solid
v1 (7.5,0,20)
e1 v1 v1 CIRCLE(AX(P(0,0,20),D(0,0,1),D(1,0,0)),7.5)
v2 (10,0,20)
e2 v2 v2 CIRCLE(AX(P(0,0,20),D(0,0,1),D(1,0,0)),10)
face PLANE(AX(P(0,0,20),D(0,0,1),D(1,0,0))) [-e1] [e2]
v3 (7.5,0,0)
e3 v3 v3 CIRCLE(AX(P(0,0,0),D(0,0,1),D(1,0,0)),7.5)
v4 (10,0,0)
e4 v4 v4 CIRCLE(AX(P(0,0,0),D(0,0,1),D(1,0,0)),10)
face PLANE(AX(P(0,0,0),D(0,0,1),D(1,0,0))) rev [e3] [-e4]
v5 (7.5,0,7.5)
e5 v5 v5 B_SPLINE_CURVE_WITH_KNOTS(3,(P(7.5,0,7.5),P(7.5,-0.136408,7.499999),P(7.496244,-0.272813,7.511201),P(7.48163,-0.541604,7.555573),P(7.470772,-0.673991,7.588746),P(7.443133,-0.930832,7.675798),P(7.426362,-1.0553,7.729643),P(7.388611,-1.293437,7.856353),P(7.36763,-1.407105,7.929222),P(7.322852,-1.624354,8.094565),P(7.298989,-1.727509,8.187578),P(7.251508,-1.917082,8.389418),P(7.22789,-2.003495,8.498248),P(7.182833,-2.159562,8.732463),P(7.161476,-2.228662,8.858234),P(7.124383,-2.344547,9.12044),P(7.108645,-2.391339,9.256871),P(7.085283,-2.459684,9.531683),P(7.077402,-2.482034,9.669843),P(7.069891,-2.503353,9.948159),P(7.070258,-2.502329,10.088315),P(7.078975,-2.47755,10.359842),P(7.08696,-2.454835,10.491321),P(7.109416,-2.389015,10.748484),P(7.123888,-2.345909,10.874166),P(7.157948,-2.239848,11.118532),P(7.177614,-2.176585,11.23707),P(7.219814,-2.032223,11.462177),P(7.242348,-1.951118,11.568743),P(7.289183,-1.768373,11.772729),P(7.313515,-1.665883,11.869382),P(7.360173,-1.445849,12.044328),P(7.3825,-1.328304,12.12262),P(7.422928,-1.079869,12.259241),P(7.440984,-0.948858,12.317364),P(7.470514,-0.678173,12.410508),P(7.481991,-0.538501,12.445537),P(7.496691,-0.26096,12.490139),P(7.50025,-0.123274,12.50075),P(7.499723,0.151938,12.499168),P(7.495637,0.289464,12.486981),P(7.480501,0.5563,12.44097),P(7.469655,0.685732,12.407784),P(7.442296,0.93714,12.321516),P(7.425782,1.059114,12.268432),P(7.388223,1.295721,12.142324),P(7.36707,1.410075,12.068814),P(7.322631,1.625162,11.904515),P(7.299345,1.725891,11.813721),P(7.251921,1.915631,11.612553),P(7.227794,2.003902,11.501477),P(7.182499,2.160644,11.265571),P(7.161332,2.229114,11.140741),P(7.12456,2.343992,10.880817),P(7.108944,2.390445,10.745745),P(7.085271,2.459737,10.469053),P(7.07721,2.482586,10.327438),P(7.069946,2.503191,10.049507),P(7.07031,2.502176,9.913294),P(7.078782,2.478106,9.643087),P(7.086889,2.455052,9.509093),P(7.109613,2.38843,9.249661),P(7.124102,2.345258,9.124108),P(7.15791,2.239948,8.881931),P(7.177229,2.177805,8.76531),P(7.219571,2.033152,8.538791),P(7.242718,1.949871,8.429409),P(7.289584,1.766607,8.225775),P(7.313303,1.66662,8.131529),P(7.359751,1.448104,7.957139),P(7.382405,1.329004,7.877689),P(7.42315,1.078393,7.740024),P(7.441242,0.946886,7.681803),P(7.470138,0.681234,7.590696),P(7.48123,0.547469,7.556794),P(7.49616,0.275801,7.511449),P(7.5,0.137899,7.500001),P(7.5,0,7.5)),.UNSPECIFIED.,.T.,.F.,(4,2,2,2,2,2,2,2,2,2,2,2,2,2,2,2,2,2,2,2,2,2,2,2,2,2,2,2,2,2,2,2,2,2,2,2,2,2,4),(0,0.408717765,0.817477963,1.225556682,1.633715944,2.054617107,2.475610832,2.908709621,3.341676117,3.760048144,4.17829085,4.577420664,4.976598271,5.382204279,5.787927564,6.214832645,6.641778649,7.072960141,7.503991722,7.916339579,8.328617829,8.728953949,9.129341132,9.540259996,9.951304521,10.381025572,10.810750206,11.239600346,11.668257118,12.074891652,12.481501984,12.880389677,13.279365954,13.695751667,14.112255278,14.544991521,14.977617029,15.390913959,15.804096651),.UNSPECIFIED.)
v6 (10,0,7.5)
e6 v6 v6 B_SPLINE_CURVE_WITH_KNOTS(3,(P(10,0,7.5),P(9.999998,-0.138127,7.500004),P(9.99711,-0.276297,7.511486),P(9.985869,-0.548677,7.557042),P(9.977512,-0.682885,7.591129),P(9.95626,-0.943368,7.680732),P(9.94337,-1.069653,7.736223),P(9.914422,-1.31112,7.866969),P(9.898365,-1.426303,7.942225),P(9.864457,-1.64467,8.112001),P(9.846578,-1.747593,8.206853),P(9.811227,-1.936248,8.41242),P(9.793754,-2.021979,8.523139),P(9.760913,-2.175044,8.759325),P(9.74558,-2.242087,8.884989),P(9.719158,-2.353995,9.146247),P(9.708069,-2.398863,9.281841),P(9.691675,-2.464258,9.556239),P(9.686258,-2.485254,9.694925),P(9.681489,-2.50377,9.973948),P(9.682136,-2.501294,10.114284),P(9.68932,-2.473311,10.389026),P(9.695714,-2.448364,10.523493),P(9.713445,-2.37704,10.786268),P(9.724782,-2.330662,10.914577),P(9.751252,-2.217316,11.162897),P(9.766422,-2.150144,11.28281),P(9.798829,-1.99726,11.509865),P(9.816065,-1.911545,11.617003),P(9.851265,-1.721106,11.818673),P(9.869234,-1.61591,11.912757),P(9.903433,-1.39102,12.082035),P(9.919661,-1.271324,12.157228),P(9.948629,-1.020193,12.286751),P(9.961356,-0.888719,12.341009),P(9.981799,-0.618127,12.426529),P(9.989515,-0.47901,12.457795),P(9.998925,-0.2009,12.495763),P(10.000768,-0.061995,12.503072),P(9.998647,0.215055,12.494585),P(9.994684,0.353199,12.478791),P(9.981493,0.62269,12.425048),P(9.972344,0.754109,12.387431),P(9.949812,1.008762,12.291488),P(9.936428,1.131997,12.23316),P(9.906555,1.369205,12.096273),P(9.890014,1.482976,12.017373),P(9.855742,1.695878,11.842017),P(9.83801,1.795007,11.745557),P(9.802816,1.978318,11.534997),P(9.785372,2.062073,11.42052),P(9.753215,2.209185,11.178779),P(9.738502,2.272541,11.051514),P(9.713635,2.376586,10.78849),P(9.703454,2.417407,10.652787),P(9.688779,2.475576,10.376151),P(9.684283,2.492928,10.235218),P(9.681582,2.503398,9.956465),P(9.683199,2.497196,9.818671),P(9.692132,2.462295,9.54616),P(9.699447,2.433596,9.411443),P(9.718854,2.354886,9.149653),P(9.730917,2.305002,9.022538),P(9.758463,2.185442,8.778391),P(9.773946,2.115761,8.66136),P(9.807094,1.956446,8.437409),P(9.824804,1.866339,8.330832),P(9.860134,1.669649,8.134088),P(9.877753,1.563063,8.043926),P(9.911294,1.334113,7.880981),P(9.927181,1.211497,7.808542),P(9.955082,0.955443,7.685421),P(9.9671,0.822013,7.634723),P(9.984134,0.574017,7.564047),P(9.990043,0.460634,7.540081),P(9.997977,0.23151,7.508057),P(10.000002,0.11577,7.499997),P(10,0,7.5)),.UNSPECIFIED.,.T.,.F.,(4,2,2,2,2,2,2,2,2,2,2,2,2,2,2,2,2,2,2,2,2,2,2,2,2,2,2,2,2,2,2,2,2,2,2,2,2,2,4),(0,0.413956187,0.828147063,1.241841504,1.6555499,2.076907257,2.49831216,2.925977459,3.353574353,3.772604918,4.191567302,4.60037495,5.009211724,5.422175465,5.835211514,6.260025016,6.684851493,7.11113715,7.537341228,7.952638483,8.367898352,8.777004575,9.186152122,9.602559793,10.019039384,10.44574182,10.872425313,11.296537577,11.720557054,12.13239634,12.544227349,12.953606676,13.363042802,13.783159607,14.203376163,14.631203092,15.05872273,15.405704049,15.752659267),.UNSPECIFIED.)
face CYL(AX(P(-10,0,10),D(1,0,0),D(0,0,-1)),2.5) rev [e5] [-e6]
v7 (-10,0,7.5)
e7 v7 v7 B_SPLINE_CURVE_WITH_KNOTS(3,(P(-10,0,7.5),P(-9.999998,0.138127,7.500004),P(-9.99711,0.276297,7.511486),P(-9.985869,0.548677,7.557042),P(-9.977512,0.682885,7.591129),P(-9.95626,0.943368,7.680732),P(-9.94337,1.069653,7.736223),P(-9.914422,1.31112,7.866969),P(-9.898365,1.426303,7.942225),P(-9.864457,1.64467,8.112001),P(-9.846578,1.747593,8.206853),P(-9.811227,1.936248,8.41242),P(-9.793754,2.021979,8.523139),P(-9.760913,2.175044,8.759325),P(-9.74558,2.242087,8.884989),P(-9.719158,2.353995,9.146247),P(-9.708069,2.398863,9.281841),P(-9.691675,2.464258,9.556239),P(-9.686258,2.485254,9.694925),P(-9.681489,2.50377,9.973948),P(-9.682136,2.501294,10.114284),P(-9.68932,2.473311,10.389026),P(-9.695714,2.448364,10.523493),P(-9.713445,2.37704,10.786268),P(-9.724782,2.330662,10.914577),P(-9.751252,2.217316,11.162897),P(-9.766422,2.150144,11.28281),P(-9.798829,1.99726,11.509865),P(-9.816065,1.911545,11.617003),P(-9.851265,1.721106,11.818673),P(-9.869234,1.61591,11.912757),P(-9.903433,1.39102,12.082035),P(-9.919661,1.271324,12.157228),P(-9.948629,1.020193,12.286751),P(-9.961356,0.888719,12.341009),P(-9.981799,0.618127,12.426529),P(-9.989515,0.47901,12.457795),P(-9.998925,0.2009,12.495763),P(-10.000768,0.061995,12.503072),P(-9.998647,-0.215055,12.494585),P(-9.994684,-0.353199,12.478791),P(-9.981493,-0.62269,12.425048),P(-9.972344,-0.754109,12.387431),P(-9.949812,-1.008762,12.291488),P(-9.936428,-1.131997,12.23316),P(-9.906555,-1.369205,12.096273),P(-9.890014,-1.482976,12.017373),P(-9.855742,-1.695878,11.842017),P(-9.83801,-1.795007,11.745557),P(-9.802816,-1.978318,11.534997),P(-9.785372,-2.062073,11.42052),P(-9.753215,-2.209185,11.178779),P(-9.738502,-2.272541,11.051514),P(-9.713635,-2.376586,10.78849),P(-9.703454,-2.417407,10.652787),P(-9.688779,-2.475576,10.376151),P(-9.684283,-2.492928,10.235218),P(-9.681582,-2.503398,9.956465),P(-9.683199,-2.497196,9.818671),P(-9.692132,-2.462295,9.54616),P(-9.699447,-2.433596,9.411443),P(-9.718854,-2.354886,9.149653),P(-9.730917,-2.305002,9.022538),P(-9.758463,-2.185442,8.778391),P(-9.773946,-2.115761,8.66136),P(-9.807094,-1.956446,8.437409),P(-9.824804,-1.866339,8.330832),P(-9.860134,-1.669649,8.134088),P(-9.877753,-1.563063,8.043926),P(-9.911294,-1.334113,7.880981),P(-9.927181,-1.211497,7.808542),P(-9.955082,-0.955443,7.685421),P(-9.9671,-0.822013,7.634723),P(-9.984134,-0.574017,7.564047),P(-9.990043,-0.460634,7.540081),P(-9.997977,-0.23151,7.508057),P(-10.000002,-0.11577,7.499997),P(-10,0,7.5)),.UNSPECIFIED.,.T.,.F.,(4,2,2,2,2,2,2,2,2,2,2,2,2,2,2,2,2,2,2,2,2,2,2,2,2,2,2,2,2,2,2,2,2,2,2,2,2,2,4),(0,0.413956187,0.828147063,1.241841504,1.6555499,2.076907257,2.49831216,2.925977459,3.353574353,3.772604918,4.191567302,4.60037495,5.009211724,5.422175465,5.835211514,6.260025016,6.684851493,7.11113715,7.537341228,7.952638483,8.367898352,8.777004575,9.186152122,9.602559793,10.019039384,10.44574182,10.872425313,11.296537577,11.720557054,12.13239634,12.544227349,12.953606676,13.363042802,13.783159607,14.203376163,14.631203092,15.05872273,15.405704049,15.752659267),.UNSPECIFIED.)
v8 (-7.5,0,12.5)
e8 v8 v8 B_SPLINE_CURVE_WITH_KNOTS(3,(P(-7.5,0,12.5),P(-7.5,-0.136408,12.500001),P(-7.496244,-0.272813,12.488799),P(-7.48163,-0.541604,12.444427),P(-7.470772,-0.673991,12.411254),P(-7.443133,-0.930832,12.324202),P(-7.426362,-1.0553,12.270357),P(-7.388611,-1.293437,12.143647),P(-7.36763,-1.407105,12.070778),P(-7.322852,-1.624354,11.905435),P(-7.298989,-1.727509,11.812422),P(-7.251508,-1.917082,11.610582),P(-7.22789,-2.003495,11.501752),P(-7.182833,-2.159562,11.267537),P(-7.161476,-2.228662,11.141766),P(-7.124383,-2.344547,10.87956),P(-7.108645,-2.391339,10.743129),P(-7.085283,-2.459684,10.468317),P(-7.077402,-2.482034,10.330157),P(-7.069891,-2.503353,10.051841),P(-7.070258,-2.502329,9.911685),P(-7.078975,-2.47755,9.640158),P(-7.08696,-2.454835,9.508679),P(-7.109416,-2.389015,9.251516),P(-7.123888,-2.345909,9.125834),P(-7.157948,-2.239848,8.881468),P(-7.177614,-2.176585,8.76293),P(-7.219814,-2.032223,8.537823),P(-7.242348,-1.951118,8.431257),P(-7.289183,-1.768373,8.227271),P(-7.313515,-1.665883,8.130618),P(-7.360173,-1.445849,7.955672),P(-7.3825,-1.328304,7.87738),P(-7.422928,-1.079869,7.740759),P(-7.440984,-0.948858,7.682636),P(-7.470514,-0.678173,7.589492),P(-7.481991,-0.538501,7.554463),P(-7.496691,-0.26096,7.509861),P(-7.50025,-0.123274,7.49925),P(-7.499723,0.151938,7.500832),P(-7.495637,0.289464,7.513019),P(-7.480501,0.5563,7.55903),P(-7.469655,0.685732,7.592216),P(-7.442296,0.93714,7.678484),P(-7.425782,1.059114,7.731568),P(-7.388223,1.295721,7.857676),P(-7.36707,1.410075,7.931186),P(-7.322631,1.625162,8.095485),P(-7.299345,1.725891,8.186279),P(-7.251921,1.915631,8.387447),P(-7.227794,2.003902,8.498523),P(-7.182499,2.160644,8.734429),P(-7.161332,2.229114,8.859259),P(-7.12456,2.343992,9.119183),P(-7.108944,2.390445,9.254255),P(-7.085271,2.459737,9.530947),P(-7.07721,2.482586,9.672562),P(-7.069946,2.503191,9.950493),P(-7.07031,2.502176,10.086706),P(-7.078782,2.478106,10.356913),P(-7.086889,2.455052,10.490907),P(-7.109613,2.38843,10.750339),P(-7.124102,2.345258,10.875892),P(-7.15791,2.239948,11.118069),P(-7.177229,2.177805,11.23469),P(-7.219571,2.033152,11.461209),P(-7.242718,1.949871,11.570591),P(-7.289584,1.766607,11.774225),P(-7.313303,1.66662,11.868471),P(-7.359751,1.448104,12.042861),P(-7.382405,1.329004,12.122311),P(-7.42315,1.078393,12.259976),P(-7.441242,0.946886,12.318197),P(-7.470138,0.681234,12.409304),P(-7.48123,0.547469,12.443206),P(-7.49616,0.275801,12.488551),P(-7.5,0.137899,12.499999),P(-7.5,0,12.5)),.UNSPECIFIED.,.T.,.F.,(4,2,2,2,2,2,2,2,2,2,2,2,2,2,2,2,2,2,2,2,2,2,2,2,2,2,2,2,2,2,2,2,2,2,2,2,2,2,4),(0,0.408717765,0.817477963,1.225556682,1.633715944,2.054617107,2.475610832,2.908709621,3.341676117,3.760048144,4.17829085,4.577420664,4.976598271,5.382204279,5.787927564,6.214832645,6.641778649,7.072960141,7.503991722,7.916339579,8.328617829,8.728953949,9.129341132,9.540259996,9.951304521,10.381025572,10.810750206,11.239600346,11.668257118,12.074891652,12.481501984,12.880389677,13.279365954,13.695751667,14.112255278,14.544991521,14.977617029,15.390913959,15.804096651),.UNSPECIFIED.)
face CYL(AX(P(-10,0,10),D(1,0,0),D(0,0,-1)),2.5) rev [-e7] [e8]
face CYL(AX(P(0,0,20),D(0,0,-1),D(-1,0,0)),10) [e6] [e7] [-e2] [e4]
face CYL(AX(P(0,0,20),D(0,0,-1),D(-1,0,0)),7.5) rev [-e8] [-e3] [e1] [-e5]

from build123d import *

# Parameters (mm, degrees)
SKETCH1_R               = 10
SKETCH1_R_2             = 7.5
BOSS_EXTRUDE1_DEPTH     = 20
SKETCH2_R               = 2.5
CUT_EXTRUDE1_DEPTH      = 11
CUT_EXTRUDE1_DEPTH_BACK = 11


with BuildPart() as part:
    # Sketch1 → Boss-Extrude1 (new body)
    with BuildSketch(Plane.XY):
        Circle(SKETCH1_R)
        Circle(SKETCH1_R_2, mode=Mode.SUBTRACT)
    extrude(amount=BOSS_EXTRUDE1_DEPTH)

    # Sketch2 → Cut-Extrude1 (cut, two sides)
    with BuildSketch(Plane(origin=(0, 0, 0), x_dir=(0, 0, -1), z_dir=(1, 0, 0))) as cut_extrude1_sk:
        with Locations((-10, 0)):
            Circle(SKETCH2_R)
    extrude(amount=CUT_EXTRUDE1_DEPTH, mode=Mode.SUBTRACT)
    extrude(cut_extrude1_sk.sketch, amount=-CUT_EXTRUDE1_DEPTH_BACK, mode=Mode.SUBTRACT)


solid = part.part
